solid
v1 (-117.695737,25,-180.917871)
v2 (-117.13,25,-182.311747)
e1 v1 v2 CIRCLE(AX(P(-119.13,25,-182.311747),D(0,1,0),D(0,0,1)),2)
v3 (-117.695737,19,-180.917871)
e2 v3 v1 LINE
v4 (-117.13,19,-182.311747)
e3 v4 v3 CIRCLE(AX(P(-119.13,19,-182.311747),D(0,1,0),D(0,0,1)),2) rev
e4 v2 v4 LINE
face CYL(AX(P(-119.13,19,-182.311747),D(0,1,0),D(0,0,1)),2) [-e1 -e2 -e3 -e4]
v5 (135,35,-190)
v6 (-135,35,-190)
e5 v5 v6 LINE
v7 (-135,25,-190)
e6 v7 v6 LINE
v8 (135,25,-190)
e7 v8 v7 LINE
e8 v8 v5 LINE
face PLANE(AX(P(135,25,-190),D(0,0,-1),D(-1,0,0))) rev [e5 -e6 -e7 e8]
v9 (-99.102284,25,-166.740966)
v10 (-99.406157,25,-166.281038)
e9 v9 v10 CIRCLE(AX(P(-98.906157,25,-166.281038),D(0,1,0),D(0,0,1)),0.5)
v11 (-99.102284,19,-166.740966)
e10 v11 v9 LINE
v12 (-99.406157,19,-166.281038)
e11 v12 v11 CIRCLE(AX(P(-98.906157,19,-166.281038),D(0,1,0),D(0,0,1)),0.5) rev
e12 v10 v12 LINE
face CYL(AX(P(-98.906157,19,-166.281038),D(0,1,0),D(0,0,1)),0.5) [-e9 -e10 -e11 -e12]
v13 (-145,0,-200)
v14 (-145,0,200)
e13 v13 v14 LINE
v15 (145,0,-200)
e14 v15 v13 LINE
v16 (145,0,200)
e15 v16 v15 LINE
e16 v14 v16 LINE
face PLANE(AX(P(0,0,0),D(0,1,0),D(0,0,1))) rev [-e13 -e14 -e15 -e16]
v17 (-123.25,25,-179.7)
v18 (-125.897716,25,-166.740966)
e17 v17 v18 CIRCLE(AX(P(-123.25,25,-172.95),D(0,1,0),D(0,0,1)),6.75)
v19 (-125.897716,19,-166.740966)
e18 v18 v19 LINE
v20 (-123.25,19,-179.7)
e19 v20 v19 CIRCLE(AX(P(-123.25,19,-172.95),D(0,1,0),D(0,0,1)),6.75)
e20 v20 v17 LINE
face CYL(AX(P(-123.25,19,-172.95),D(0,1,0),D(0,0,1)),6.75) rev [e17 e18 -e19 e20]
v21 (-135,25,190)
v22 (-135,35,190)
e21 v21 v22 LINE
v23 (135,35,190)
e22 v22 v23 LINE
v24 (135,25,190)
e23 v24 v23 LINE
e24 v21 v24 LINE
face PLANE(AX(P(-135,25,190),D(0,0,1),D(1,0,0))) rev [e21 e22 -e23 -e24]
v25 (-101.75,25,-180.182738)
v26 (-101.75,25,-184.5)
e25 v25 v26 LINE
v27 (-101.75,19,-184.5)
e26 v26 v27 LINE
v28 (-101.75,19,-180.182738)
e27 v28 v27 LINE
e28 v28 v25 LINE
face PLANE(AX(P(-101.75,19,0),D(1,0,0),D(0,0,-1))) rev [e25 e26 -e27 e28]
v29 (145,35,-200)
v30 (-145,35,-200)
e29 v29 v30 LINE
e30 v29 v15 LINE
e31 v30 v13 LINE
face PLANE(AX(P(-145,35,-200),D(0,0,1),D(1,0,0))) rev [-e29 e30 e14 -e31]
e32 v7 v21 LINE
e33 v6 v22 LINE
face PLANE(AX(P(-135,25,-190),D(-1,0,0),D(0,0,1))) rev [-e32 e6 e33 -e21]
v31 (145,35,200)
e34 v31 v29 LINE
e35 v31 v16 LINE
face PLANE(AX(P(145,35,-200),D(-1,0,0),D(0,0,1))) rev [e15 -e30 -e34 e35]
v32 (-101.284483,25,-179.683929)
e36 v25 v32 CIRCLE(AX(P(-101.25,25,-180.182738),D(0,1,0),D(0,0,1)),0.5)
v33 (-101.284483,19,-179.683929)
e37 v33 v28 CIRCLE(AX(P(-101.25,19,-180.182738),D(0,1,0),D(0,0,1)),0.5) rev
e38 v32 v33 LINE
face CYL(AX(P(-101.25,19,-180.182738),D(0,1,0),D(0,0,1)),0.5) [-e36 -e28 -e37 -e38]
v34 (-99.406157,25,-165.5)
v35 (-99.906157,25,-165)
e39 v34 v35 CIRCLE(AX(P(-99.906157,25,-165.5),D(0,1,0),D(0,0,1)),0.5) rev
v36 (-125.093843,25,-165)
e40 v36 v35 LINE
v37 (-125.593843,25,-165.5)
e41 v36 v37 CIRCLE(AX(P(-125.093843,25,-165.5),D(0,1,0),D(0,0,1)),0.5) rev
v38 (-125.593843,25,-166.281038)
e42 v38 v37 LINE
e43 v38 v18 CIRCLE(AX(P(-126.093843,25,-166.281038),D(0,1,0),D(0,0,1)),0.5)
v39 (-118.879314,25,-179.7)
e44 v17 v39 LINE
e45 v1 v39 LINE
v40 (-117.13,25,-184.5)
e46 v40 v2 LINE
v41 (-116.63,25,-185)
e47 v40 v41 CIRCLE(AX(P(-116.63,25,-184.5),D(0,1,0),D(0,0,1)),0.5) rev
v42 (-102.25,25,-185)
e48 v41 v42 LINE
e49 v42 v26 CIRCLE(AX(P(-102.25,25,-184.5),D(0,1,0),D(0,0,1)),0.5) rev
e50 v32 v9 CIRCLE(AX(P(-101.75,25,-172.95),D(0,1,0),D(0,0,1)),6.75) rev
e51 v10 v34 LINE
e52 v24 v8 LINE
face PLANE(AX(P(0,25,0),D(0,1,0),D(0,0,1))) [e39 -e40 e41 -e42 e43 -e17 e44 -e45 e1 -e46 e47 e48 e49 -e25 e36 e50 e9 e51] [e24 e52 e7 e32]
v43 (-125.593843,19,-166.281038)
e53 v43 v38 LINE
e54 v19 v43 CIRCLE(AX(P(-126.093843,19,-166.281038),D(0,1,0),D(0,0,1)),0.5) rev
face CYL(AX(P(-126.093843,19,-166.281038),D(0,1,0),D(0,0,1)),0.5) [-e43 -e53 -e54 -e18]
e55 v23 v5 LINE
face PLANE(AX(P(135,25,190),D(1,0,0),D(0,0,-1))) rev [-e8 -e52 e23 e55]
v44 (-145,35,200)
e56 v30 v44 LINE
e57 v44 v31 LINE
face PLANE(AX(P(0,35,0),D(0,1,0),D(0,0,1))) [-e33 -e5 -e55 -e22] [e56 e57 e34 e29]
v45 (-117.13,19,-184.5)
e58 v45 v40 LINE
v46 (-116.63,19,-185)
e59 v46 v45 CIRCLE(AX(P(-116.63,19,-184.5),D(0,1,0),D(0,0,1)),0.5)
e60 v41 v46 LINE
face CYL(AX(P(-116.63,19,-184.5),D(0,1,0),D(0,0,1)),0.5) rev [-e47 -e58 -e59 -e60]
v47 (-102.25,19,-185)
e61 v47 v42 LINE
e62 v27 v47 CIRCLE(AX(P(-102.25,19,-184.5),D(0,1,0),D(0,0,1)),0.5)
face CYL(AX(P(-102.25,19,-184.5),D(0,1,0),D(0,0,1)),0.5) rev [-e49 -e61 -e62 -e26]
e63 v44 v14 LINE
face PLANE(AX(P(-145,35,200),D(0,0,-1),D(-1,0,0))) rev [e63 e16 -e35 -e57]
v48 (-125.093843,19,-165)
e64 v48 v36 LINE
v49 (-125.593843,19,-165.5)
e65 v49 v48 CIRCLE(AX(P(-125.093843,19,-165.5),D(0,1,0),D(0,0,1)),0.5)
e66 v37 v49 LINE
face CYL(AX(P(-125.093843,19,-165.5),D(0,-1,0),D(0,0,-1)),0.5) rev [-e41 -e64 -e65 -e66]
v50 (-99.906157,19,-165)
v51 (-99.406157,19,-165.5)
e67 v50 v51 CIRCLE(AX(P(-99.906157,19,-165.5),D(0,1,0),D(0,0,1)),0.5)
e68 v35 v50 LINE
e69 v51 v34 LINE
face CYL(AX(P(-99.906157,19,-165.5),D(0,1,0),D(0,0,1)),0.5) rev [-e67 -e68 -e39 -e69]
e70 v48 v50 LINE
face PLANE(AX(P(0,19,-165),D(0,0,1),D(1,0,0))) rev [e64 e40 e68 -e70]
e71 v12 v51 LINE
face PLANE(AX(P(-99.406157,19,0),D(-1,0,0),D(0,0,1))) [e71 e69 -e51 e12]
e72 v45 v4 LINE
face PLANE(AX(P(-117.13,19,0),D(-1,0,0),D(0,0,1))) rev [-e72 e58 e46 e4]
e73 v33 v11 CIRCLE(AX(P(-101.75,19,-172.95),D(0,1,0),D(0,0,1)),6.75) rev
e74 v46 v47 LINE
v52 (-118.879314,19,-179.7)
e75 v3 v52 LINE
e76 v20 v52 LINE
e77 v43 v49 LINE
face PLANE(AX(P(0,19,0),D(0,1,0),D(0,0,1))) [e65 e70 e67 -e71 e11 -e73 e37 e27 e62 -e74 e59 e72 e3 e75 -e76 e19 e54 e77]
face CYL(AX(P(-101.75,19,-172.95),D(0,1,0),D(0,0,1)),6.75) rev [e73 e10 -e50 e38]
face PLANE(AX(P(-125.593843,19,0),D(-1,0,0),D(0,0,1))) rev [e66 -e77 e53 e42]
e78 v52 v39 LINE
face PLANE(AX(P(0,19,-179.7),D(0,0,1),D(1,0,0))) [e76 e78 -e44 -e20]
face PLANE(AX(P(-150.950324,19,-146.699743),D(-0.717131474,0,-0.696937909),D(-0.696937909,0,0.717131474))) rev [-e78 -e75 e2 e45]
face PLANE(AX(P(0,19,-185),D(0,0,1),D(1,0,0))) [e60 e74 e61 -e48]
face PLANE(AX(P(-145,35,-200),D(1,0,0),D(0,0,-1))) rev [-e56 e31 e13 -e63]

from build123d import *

# Parameters (mm, degrees)
SKETCH1_W           = 290
SKETCH1_H           = 400
BOSS_EXTRUDE1_DEPTH = 35
SKETCH2_W           = 270
SKETCH2_H           = 380
CUT_EXTRUDE2_DEPTH  = 10
CUT_EXTRUDE3_DEPTH  = 6
FILLET2_R           = 2
FILLET4_R           = 0.5
FILLET5_R           = 0.5
FILLET6_R           = 0.5
FILLET7_R           = 0.5
FILLET8_R           = 0.5
FILLET9_R           = 0.5


with BuildPart() as part:
    # Sketch1 → Boss-Extrude1 (new body)
    with BuildSketch(Plane(origin=(0, 0, 0), x_dir=(1, 0, 0), z_dir=(0, 1, 0))):
        Rectangle(SKETCH1_W, SKETCH1_H)
    extrude(amount=BOSS_EXTRUDE1_DEPTH)

    # Sketch2 → Cut-Extrude2 (cut)
    with BuildSketch(Plane(origin=(0, 35, 0), x_dir=(1, 0, 0), z_dir=(0, 1, 0))):
        Rectangle(SKETCH2_W, SKETCH2_H)
    extrude(amount=-CUT_EXTRUDE2_DEPTH, mode=Mode.SUBTRACT)

    # Sketch3 → Cut-Extrude3 (cut)
    with BuildSketch(Plane(origin=(0, 25, 0), x_dir=(1, 0, 0), z_dir=(0, 1, 0))):
        with BuildLine():
            Line((-101.75, 185), (-117.13, 185))
            Line((-117.13, 185), (-117.13, 181.5))
            Line((-117.13, 181.5), (-118.879314151, 179.7))
            Line((-118.879314151, 179.7), (-123.25, 179.7))
            ThreePointArc((-123.25, 179.7), (-129.894170377, 174.14058809), (-125.593842998, 166.62))
            Line((-125.593842998, 166.62), (-125.593842998, 165))
            Line((-125.593842998, 165), (-99.406157002, 165))
            Line((-99.406157002, 165), (-99.406157002, 166.62))
            ThreePointArc((-99.406157002, 166.62), (-95.105829623, 174.14058809), (-101.75, 179.7))
            Line((-101.75, 179.7), (-101.75, 185))
        make_face()
    extrude(amount=-CUT_EXTRUDE3_DEPTH, mode=Mode.SUBTRACT)

    # Fillet2
    fillet2_edges = [part.edges().sort_by_distance(p)[0] for p in [
        (-117.13, 22, -181.5),
    ]]
    fillet(fillet2_edges, radius=FILLET2_R)

    # Fillet4
    fillet4_edges = [part.edges().sort_by_distance(p)[0] for p in [
        (-125.593842998, 22, -166.62),
    ]]
    fillet(fillet4_edges, radius=FILLET4_R)

    # Fillet5
    fillet5_edges = [part.edges().sort_by_distance(p)[0] for p in [
        (-99.406157002, 22, -166.62),
    ]]
    fillet(fillet5_edges, radius=FILLET5_R)

    # Fillet6
    fillet6_edges = [part.edges().sort_by_distance(p)[0] for p in [
        (-101.75, 22, -179.7),
    ]]
    fillet(fillet6_edges, radius=FILLET6_R)

    # Fillet7
    fillet7_edges = [part.edges().sort_by_distance(p)[0] for p in [
        (-101.75, 22, -185),
    ]]
    fillet(fillet7_edges, radius=FILLET7_R)

    # Fillet8
    fillet8_edges = [part.edges().sort_by_distance(p)[0] for p in [
        (-117.13, 22, -185),
    ]]
    fillet(fillet8_edges, radius=FILLET8_R)

    # Fillet9
    fillet9_edges = [part.edges().sort_by_distance(p)[0] for p in [
        (-125.593842998, 22, -165),
        (-99.406157002, 22, -165),
    ]]
    fillet(fillet9_edges, radius=FILLET9_R)


solid = part.part
